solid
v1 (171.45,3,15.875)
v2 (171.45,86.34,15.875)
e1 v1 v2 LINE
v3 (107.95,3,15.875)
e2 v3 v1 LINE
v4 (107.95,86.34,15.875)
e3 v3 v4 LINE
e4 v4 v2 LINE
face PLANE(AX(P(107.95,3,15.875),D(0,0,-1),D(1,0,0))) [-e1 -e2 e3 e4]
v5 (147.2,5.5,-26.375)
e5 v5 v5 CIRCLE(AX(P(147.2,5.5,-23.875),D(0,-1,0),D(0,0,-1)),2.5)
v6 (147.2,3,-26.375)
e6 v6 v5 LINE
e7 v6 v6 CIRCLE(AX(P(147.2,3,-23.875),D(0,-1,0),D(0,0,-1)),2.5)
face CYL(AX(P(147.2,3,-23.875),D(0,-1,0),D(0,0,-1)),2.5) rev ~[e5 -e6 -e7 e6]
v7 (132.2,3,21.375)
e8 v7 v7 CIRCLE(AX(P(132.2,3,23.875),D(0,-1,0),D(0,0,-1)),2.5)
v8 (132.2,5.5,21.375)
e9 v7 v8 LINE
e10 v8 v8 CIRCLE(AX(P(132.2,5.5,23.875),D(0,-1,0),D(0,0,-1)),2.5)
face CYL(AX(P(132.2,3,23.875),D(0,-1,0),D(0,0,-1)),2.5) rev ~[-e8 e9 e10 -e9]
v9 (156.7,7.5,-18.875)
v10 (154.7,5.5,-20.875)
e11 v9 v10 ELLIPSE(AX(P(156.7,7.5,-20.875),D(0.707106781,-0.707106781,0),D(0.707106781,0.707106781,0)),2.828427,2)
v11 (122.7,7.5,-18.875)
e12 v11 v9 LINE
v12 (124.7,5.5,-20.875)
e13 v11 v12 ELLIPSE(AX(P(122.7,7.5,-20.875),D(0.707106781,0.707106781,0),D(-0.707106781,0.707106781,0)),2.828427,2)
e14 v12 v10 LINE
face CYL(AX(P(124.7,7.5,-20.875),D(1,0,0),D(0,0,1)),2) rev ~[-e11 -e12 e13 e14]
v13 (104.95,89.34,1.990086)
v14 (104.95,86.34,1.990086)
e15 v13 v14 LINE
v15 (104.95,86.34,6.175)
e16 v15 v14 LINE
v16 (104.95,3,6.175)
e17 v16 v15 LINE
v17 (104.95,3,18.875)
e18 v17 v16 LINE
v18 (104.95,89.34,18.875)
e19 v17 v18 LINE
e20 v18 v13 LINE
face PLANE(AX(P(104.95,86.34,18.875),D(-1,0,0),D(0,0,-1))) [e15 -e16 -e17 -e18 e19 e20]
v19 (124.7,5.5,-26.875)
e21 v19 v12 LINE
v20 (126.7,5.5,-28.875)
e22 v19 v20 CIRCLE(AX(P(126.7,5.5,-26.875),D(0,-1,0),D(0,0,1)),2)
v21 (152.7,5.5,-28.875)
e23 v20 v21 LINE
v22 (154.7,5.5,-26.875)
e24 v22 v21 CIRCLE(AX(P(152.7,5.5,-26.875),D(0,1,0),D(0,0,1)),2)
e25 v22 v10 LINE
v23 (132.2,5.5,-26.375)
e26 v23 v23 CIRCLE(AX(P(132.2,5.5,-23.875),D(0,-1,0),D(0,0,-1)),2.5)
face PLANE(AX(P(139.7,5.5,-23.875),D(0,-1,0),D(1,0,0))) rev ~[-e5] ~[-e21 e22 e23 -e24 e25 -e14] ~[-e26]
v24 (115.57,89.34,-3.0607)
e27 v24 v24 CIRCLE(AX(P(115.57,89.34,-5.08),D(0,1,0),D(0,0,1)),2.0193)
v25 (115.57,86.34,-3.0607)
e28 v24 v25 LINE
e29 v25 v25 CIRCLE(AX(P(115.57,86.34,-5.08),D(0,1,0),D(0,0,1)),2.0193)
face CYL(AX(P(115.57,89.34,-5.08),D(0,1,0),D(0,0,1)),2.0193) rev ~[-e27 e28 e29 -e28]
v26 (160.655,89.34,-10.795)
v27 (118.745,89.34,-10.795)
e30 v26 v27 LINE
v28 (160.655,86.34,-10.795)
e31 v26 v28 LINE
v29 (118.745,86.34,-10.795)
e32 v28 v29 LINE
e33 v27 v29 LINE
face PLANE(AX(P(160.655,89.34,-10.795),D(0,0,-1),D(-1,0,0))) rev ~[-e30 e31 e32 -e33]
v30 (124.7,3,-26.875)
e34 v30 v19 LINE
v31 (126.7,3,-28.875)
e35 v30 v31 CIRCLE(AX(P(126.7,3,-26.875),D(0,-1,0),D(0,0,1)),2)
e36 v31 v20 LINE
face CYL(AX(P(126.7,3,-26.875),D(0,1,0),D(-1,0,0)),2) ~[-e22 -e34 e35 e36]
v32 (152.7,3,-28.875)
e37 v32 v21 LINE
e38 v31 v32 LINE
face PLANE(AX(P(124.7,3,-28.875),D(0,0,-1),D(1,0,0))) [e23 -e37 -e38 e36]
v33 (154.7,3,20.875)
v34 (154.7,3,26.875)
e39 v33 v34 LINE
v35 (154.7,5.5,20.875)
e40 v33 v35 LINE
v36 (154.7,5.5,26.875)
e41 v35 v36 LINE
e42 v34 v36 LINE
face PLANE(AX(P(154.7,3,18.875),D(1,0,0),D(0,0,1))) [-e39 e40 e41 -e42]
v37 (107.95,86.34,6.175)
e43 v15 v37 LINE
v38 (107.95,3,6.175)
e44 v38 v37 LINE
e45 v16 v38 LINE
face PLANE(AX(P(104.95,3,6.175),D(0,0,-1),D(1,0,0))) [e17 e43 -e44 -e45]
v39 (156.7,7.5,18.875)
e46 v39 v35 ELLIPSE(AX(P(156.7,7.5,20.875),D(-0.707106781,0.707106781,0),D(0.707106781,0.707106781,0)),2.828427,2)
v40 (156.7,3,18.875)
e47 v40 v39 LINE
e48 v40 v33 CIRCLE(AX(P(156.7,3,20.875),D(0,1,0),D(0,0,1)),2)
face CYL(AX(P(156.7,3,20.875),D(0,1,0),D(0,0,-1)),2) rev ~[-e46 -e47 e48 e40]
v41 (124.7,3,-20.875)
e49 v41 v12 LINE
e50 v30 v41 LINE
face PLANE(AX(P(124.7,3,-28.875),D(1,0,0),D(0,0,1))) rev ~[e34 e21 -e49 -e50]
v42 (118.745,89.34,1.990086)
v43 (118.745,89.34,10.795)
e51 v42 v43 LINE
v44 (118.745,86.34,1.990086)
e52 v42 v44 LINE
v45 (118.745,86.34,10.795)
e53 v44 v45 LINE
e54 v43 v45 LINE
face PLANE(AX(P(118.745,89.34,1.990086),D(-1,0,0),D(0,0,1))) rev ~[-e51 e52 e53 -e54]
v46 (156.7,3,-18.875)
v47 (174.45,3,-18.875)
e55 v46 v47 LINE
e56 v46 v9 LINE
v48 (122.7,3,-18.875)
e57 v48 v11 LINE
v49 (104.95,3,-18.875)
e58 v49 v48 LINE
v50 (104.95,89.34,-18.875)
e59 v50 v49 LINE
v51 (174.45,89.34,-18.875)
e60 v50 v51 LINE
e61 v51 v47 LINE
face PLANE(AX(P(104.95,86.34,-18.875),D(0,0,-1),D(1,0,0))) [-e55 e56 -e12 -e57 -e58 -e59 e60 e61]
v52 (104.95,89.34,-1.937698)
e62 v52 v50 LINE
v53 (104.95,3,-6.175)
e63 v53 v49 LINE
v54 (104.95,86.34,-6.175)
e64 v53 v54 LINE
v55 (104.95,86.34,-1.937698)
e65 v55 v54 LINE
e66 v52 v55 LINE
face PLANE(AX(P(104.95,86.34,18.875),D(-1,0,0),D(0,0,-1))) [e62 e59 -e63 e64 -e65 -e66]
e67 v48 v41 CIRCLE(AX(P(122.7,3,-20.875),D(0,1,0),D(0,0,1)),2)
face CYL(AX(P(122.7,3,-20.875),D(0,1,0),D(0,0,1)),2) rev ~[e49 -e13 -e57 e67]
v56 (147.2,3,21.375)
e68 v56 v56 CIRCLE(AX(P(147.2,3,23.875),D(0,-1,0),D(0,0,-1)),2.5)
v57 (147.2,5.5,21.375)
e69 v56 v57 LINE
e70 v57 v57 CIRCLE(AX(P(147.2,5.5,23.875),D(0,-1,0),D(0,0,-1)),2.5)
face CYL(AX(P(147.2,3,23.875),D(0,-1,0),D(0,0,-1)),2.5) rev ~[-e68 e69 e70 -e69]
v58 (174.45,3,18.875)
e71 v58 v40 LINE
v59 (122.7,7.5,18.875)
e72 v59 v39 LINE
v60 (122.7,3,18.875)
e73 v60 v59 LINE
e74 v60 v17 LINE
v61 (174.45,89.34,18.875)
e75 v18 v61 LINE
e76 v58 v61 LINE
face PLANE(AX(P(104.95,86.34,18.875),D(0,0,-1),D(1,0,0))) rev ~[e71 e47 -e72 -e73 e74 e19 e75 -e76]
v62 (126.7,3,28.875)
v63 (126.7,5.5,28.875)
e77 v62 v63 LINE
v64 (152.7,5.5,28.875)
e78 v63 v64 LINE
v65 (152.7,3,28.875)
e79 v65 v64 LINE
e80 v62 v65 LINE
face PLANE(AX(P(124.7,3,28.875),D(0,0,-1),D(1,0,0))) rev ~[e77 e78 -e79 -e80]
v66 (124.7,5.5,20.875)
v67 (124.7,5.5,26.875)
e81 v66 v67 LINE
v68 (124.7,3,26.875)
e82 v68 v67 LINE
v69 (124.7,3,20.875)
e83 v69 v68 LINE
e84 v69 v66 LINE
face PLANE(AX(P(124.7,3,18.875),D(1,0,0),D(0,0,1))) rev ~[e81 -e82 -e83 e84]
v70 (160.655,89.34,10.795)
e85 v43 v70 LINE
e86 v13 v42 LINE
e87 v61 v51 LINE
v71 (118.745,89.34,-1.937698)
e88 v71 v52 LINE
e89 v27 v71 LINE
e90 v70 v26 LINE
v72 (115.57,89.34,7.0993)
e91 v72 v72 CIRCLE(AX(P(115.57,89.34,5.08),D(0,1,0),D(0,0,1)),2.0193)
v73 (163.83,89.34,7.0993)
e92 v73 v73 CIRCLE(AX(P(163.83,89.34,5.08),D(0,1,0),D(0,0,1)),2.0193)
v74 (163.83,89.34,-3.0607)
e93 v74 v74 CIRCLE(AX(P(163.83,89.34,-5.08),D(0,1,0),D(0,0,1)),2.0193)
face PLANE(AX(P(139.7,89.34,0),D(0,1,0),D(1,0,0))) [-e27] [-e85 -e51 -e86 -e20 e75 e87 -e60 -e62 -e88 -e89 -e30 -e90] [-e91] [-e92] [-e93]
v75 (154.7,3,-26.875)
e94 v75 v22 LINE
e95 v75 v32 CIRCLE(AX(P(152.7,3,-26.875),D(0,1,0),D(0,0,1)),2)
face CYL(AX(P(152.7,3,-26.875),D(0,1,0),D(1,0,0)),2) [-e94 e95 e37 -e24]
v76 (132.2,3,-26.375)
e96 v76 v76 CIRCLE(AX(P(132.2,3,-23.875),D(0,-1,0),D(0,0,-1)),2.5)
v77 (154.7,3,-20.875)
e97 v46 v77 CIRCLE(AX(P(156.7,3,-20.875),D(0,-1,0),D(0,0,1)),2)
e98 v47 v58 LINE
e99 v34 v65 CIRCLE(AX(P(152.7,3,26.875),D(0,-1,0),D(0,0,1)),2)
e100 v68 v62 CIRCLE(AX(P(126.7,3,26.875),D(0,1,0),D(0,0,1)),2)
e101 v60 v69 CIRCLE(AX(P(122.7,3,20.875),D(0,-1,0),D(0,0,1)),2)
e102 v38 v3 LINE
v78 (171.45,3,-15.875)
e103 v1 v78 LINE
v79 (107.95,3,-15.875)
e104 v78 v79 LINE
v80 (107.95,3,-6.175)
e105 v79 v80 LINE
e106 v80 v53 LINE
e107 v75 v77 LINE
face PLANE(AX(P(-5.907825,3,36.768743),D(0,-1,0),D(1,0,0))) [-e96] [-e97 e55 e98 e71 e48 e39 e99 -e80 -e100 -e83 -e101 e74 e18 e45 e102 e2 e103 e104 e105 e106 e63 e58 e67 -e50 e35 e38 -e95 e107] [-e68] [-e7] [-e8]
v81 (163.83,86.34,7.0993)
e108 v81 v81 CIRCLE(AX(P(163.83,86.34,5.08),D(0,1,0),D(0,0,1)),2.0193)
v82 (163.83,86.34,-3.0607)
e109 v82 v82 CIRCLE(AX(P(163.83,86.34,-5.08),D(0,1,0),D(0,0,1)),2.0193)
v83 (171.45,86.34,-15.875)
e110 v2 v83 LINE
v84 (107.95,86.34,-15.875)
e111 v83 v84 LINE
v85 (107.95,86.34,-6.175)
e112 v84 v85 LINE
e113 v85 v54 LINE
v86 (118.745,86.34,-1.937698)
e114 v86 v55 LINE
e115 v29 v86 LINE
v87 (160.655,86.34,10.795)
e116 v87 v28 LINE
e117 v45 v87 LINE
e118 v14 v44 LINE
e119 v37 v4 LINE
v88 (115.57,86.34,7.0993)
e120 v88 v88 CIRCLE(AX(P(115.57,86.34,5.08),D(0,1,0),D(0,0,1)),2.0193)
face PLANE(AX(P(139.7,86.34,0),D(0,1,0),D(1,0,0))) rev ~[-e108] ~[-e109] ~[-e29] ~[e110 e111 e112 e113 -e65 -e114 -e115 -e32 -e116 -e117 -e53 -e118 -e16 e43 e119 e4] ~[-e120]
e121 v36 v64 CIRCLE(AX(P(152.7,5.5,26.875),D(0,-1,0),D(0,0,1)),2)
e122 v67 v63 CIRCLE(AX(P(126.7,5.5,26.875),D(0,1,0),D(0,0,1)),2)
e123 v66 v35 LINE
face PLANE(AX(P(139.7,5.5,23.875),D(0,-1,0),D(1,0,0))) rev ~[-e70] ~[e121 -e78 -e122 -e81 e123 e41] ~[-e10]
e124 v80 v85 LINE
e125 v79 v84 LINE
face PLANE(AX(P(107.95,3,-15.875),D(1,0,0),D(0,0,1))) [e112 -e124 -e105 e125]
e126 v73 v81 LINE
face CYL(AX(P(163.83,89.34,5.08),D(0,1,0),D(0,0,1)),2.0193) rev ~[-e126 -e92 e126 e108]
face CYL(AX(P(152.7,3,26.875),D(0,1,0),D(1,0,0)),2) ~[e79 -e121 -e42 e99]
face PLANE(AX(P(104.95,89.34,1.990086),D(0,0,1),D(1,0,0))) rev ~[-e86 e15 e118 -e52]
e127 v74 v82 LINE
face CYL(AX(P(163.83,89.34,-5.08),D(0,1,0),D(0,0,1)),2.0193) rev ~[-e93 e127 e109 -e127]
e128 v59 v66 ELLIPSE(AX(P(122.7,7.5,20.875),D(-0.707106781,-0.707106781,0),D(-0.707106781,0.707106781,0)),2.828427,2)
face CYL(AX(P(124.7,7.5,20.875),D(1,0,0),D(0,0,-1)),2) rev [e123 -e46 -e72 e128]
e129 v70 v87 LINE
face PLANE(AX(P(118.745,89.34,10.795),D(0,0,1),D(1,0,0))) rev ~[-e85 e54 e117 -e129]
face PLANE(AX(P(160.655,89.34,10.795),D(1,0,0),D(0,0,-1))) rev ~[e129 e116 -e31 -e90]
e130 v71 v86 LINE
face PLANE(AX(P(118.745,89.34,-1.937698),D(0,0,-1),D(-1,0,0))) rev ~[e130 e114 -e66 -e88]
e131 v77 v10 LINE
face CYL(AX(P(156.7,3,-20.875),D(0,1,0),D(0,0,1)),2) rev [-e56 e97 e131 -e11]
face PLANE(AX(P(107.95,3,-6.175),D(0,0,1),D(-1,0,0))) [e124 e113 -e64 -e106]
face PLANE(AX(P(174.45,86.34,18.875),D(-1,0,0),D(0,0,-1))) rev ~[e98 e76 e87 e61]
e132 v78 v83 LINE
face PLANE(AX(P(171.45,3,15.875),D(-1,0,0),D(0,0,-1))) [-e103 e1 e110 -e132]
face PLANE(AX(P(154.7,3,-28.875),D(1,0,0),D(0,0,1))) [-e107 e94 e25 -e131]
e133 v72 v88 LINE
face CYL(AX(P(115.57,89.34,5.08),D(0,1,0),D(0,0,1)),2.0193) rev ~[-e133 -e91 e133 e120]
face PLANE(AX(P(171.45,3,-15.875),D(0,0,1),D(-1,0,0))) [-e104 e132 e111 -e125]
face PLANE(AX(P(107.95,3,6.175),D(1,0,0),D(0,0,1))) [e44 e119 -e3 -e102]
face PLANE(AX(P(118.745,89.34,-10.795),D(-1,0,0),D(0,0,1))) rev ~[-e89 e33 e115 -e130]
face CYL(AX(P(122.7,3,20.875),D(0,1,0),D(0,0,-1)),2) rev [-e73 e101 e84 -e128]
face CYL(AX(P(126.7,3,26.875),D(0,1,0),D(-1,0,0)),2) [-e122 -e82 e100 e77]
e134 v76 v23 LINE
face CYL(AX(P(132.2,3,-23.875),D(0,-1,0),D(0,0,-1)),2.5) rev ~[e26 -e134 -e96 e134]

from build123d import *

# Parameters (mm, degrees)
SKETCH1_R              = 2.54
SKETCH1_R_2            = 6.35
MAINBASEPLATE_DEPTH    = 3
PANTILT_EXTRUDE6_DEPTH = 83.34
SKETCH11_W             = 69.5
SKETCH11_H             = 37.75
BOSS_EXTRUDE7_DEPTH    = 3
SKETCH12_R             = 2.0193
CUT_EXTRUDE3_DEPTH     = 86.34
SKETCH32_W             = 712.395528774
SKETCH32_H             = 524.196017535
CUT_EXTRUDE11_DEPTH    = 3
SKETCH33_W             = 30
SKETCH33_H             = 10
SKETCH33_R             = 2.5
BOSS_EXTRUDE9_DEPTH    = 2.5
FILLET1_R              = 2


with BuildPart() as part:
    # Sketch1 → mainbaseplate (new body)
    with BuildSketch(Plane(origin=(0, 0, 0), x_dir=(1, 0, 0), z_dir=(0, 1, 0))):
        with BuildLine():
            Line((-223.52, -111.125), (223.52, -111.125))
            ThreePointArc((223.52, -111.125), (227.112102448, -109.637102448), (228.6, -106.045))
            Line((228.6, -106.045), (228.6, 106.045))
            ThreePointArc((228.6, 106.045), (227.112102448, 109.637102448), (223.52, 111.125))
            Line((223.52, 111.125), (-223.52, 111.125))
            ThreePointArc((-223.52, 111.125), (-227.112102448, 109.637102448), (-228.6, 106.045))
            Line((-228.6, 106.045), (-228.6, -106.045))
            ThreePointArc((-228.6, -106.045), (-227.112102448, -109.637102448), (-223.52, -111.125))
        make_face()
        with Locations(Location((127, 36.5125, 0), (0, 0, 270))):
            Circle(SKETCH1_R, mode=Mode.SUBTRACT)
        with Locations(Location((127, -36.5125, 0), (0, 0, 270))):
            Circle(SKETCH1_R, mode=Mode.SUBTRACT)
        with Locations(Location((-142.24, 36.5125, 0), (0, 0, 270))):
            Circle(SKETCH1_R, mode=Mode.SUBTRACT)
        with Locations(Location((-142.24, -36.5125, 0), (0, 0, 270))):
            Circle(SKETCH1_R, mode=Mode.SUBTRACT)
        with Locations(Location((209.55, 0, 0), (0, 0, 270))):
            Circle(SKETCH1_R_2, mode=Mode.SUBTRACT)
    extrude(amount=MAINBASEPLATE_DEPTH)

    # Sketch10 → PanTilt-Extrude6 (add)
    with BuildSketch(Plane(origin=(0, 3, 0), x_dir=(1, 0, 0), z_dir=(0, 1, 0))):
        Polygon((104.95, 18.875), (174.45, 18.875), (174.45, -18.875), (104.95, -18.875), (104.95, -6.175), (107.95, -6.175), (107.95, -15.875), (171.45, -15.875), (171.45, 15.875), (107.95, 15.875), (107.95, 6.175), (104.95, 6.175), align=None)
    extrude(amount=PANTILT_EXTRUDE6_DEPTH)

    # Sketch11 → Boss-Extrude7 (add)
    with BuildSketch(Plane(origin=(0, 86.34, 0), x_dir=(1, 0, 0), z_dir=(0, 1, 0))):
        with Locations((139.7, 0)):
            Rectangle(SKETCH11_W, SKETCH11_H)
    extrude(amount=BOSS_EXTRUDE7_DEPTH)

    # Sketch12 → Cut-Extrude3 (cut)
    with BuildSketch(Plane(origin=(0, 89.34, 0), x_dir=(1, 0, 0), z_dir=(0, 1, 0))):
        with Locations(Location((163.83, 5.08, 0), (0, 0, 270))):
            Circle(SKETCH12_R)
        with Locations(Location((163.83, -5.08, 0), (0, 0, 270))):
            Circle(SKETCH12_R)
        with Locations(Location((115.57, 5.08, 0), (0, 0, 270))):
            Circle(SKETCH12_R)
        with Locations(Location((115.57, -5.08, 0), (0, 0, 270))):
            Circle(SKETCH12_R)
        Polygon((118.745, 1.937698292), (104.95, 1.937698292), (95.841621454, 0), (104.95, -1.990085687), (118.745, -1.990085687), (118.745, -10.795), (160.655, -10.795), (160.655, 10.795), (118.745, 10.795), align=None)
    extrude(amount=-CUT_EXTRUDE3_DEPTH, mode=Mode.SUBTRACT)

    # Sketch32 → Cut-Extrude11 (cut)
    with BuildSketch(Plane.XZ):
        with Locations((-5.907824988, 36.768742763)):
            Rectangle(SKETCH32_W, SKETCH32_H)
    extrude(amount=-CUT_EXTRUDE11_DEPTH, mode=Mode.SUBTRACT)

    # Sketch33 → Boss-Extrude9 (add)
    # profile 1 of 2: a face of its own
    with BuildSketch(Plane.XZ.offset(-3)):
        with Locations((139.7, 23.875)):
            Rectangle(SKETCH33_W, SKETCH33_H)
        with Locations(Location((132.2, 23.875, 0), (0, 0, 270))):
            Circle(SKETCH33_R, mode=Mode.SUBTRACT)
        with Locations(Location((147.2, 23.875, 0), (0, 0, 270))):
            Circle(SKETCH33_R, mode=Mode.SUBTRACT)
    # profile 2 of 2: a face of its own
    with BuildSketch(Plane.XZ.offset(-3)):
        with Locations((139.7, -23.875)):
            Rectangle(SKETCH33_W, SKETCH33_H)
        with Locations(Location((132.2, -23.875, 0), (0, 0, 270))):
            Circle(SKETCH33_R, mode=Mode.SUBTRACT)
        with Locations(Location((147.2, -23.875, 0), (0, 0, 270))):
            Circle(SKETCH33_R, mode=Mode.SUBTRACT)
    extrude(amount=-BOSS_EXTRUDE9_DEPTH)

    # Fillet1
    fillet1_edges = [part.edges().sort_by_distance(p)[0] for p in [
        (124.7, 4.25, 28.875),
        (154.7, 4.25, 28.875),
        (154.7, 4.25, 18.875),
        (124.7, 4.25, 18.875),
        (139.7, 5.5, 18.875),
        (124.7, 4.25, -18.875),
        (154.7, 4.25, -18.875),
        (154.7, 4.25, -28.875),
        (124.7, 4.25, -28.875),
        (139.7, 5.5, -18.875),
    ]]
    fillet(fillet1_edges, radius=FILLET1_R)


solid = part.part
